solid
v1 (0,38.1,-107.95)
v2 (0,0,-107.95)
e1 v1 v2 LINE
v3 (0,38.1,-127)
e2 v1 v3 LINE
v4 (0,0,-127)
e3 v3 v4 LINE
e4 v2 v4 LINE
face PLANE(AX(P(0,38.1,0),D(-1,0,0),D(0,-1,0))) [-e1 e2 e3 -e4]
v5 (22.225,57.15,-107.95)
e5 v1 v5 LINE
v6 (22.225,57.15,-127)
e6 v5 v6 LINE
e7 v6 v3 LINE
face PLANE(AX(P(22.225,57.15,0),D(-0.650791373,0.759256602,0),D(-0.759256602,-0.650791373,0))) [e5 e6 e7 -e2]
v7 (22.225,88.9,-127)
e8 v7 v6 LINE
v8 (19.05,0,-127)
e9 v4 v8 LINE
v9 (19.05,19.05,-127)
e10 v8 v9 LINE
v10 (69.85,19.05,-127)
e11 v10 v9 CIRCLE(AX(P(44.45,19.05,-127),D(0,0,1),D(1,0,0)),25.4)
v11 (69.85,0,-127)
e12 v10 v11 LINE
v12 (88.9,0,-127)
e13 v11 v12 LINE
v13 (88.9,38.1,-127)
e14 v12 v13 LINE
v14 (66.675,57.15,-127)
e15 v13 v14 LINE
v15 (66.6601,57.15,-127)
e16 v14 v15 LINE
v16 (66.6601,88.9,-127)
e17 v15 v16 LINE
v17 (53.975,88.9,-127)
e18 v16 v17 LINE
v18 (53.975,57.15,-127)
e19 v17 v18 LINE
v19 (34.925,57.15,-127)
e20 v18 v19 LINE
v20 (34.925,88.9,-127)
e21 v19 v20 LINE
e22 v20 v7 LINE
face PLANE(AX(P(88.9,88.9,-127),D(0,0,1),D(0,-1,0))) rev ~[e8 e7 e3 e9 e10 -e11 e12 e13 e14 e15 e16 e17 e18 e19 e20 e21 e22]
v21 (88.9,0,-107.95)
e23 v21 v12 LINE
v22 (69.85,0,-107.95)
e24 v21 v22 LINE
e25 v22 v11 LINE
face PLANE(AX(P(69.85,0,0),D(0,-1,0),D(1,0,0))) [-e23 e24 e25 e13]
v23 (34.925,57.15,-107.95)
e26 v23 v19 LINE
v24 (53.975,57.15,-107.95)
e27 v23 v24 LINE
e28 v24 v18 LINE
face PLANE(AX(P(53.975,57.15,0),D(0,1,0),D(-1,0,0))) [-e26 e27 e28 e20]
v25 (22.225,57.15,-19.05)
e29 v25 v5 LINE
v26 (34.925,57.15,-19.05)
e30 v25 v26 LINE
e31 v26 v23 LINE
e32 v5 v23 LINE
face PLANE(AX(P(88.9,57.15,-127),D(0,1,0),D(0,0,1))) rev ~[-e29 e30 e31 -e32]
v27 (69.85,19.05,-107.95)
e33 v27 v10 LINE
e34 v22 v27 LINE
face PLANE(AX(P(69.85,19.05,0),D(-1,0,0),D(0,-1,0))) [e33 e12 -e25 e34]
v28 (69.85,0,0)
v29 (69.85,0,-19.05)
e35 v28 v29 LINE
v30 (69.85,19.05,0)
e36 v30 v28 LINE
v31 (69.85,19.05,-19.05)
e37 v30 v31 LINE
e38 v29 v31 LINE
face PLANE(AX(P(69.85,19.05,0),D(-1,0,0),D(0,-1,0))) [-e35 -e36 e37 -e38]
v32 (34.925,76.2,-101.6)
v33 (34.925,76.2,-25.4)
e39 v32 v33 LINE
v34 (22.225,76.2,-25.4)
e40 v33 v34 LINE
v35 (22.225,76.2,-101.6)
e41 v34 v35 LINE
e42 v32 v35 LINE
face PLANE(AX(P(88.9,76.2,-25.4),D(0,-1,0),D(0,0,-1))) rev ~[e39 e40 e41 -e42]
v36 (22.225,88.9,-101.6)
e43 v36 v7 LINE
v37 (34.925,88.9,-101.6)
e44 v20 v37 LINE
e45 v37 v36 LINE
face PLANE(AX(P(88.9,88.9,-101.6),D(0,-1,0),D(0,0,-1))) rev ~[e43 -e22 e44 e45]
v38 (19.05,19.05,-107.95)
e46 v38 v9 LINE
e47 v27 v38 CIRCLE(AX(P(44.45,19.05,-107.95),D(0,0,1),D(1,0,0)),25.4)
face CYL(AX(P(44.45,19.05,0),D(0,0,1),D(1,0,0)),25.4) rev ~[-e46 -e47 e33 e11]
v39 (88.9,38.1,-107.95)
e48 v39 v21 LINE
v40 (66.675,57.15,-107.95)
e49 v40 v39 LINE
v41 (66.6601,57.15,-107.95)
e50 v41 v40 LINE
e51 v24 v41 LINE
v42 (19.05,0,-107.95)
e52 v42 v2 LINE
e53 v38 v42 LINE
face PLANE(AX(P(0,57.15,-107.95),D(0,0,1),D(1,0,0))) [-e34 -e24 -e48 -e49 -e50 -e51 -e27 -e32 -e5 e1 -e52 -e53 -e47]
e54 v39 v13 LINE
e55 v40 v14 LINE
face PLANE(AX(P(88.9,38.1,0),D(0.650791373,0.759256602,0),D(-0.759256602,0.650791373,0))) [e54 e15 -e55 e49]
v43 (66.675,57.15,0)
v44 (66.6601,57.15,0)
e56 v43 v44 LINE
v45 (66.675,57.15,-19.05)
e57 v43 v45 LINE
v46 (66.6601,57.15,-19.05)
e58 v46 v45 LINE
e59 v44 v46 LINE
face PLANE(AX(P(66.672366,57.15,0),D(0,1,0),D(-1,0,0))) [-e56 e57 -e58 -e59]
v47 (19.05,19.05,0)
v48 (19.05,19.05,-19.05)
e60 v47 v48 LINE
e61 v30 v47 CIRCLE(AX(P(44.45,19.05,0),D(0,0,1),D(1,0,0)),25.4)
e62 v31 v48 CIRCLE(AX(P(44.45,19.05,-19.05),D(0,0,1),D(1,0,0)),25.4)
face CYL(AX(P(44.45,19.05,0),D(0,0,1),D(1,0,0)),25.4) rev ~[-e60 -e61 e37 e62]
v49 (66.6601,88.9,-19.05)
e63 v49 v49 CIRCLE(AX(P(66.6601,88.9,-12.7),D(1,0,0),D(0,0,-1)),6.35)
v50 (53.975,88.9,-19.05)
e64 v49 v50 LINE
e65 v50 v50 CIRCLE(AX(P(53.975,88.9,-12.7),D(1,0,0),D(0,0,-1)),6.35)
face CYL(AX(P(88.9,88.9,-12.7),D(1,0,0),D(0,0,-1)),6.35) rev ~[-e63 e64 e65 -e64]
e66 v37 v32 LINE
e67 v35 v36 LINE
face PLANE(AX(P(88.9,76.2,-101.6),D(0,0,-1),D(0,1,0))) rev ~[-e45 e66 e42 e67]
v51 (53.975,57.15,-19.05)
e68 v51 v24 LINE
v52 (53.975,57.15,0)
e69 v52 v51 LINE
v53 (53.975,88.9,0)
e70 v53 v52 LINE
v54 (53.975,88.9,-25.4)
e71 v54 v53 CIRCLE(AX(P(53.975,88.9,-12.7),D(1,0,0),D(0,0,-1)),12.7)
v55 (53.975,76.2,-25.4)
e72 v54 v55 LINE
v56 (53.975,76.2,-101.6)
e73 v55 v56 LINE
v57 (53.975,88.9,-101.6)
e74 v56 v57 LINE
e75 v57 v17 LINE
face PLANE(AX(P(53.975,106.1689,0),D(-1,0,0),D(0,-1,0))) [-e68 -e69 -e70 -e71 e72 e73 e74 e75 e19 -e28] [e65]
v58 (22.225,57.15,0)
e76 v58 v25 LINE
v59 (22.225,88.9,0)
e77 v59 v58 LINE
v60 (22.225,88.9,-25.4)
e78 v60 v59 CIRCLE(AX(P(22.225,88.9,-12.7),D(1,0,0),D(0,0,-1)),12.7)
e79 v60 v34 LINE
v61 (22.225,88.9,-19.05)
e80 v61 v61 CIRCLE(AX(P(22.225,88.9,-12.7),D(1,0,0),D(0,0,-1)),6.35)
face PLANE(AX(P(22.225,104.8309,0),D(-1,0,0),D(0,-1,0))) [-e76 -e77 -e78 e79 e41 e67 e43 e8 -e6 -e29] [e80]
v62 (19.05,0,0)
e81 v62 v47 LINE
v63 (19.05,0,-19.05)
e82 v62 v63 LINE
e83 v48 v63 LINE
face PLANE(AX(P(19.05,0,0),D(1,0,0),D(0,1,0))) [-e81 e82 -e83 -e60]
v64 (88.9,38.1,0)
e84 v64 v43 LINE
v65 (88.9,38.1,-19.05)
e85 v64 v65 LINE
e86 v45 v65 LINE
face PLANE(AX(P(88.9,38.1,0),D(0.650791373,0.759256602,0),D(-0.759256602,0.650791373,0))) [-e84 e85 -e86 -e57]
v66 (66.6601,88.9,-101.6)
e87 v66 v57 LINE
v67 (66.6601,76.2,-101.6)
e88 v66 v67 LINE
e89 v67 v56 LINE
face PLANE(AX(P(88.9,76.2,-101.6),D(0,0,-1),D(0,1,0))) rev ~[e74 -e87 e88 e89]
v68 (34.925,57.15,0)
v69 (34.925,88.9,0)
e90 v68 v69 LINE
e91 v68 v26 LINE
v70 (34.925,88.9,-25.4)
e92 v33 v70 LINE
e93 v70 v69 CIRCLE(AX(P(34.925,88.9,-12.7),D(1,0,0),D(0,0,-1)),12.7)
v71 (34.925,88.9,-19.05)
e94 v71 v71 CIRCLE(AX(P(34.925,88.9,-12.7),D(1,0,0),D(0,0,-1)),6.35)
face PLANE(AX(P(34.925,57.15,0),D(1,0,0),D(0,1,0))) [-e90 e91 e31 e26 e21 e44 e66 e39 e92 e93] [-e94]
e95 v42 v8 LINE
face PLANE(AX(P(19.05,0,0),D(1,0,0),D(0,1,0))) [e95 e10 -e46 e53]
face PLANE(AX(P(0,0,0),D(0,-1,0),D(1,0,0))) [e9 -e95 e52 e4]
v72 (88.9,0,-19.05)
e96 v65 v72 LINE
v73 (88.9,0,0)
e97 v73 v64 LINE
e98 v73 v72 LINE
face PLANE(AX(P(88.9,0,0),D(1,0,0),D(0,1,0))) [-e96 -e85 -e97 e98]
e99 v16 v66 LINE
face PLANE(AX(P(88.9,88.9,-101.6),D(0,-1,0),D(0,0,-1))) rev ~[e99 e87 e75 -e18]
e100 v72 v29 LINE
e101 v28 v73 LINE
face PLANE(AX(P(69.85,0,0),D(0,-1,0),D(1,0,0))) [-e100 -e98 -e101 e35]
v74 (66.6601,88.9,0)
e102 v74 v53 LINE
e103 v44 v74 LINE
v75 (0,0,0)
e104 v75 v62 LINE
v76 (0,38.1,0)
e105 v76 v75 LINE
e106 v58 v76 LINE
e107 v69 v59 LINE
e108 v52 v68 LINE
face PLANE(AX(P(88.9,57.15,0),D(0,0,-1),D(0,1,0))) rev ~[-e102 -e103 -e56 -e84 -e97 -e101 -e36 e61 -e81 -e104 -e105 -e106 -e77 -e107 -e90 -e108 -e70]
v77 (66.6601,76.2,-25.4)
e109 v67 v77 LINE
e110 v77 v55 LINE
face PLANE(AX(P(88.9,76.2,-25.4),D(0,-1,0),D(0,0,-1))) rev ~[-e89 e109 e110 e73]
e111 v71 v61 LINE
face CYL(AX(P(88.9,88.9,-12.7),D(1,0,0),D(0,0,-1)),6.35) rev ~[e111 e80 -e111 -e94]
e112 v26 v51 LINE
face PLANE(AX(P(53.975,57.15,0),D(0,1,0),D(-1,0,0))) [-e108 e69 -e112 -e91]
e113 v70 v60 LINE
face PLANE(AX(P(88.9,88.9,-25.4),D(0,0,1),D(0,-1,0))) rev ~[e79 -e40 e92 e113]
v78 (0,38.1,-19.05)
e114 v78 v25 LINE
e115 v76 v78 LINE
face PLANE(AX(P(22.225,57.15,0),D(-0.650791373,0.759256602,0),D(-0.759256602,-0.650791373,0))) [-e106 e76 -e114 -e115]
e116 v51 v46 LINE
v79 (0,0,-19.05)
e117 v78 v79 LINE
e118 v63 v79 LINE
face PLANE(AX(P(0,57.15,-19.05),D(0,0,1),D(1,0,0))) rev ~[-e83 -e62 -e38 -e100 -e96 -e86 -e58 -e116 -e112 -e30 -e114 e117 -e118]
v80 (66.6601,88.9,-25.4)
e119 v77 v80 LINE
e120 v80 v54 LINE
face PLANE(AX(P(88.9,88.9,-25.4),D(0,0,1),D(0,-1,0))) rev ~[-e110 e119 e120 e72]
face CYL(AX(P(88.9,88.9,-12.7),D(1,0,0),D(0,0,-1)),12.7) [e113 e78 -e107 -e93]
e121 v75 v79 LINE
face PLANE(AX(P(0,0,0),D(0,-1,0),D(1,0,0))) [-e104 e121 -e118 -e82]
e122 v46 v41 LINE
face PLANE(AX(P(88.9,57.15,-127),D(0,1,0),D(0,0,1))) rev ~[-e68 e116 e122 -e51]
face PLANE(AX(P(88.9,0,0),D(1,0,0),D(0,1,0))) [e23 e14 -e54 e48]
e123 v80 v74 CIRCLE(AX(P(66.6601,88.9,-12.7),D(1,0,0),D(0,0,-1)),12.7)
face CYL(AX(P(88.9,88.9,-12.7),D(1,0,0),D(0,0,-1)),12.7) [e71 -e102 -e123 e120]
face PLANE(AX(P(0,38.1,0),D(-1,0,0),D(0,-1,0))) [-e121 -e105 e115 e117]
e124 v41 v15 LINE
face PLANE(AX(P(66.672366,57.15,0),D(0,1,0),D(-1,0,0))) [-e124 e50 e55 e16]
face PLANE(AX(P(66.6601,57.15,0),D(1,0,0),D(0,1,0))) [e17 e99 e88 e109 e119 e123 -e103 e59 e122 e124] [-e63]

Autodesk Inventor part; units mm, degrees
ref_plane "YZ Plane" through (0, 0, 0) normal (1, 0, 0) x (0, 1, 0)
ref_plane "XZ Plane" through (0, 0, 0) normal (0, 1, 0) x (-1, 0, 0)
ref_plane "XY Plane" through (0, 0, 0) normal (0, 0, 1) x (1, 0, 0)
sketch "Sketch1" plane through (0, 0, 0) normal (0, 0, 1) x (1, 0, 0)
  line L0 (0, 0) -> (19.05, 0)
  line L1 (19.05, 0) -> (19.05, 19.05)
  line L2 (69.85, 19.05) -> (69.85, 0)
  line L3 (69.85, 0) -> (88.9, 0)
  line L4 (88.9, 0) -> (88.9, 38.1)
  line L5 (88.9, 38.1) -> (66.675, 57.15)
  line L6 (66.675, 57.15) -> (22.225, 57.15)
  line L7 (22.225, 57.15) -> (0, 38.1)
  line L8 (0, 38.1) -> (0, 0)
  arc A0 (69.85, 19.05) -> (19.05, 19.05) centre (44.45, 19.05) ccw
  dimension "d0" = 38.1
  dimension "d1" = 44.45
  dimension "d2" = 88.9
  dimension "d3" = 19.05
  dimension "d5" = 19.05
  dimension "d6" = 19.05
extrude "Extrusion1" add sketch "Sketch1" against normal blind 127
sketch "Sketch2" plane through (22.225, 57.15, 0) normal (0, 1, 0) x (1, 0, 0)
  line L0 (-22.225, 19.05) -> (68.7148, 19.05)
  line L1 (-22.225, 0) -> (-22.225, 127) projected
  line L2 (-22.225, 107.95) -> (68.7148, 107.95)
  line L3 (68.7148, 107.95) -> (68.7148, 19.05)
  line L4 (-22.225, 19.05) -> (-22.225, 107.95)
  line L5 (44.45, 0) -> (0, 0) projected
  line L6 (0, 127) -> (44.45, 127) projected
  dimension "d9" = 19.05
  dimension "d10" = 19.05
extrude "Extrusion2" cut sketch "Sketch2" against normal through all
sketch "Sketch3" plane through (88.9, 0, 0) normal (1, 0, 0) x (0, 0, -1)
  point P0 (0, 0)
sketch "Sketch4" plane through (88.9, 0, 0) normal (1, 0, 0) x (0, 0, -1)
  line L0 (0, 57.15) -> (0, 88.9)
  line L1 (25.4, 88.9) -> (25.4, 76.2)
  line L2 (25.4, 76.2) -> (101.6, 76.2)
  line L3 (101.6, 76.2) -> (101.6, 88.9)
  line L4 (101.6, 88.9) -> (127, 88.9)
  line L5 (127, 88.9) -> (127, 57.15)
  line L6 (127, 57.15) -> (0, 57.15)
  arc A0 (25.4, 88.9) -> (0, 88.9) centre (12.7, 88.9) ccw
  circle A1 centre (12.7, 88.9) radius 6.35
  point P0 (0, 0)
  dimension "d13" = 31.75
  dimension "d14" = 25.4
  dimension "d15" = 12.7
  dimension "d17" = 12.7
extrude "Extrusion3" add sketch "Sketch4" against normal blind 88.9
sketch "Sketch5" plane through (0, 0, 0) normal (0, 0, 1) x (1, 0, 0)
  line L0 (22.225, 104.8309) -> (22.225, 46.8186)
  line L1 (66.675, 46.8186) -> (66.6601, 105.2632)
  line L2 (0, 57.15) -> (0, 88.9) projected
  line L3 (22.225, 104.8309) -> (0, 104.8309)
  line L4 (0, 104.8309) -> (0, 57.15)
  line L5 (22.225, 57.15) -> (22.225, 104.8309)
  line L6 (66.6601, 105.2632) -> (88.8851, 105.2632)
  line L7 (88.8851, 105.2632) -> (88.8851, 57.15)
  line L8 (88.8851, 57.15) -> (66.675, 57.15)
  line L9 (0, 57.15) -> (22.225, 57.15)
  line L10 (22.225, 57.15) -> (0, 57.15) projected
  line L11 (88.9, 57.15) -> (66.675, 57.15) projected
  line L12 (66.6601, 105.2632) -> (88.9, 105.2632)
  line L13 (88.9, 105.2632) -> (88.9, 57.15)
  line L14 (88.9, 57.15) -> (66.6601, 57.15)
  line L15 (66.6601, 57.15) -> (66.6601, 105.2632)
  point P0 (0, 0)
  dimension "d20" = 22.225
  dimension "d21" = 44.45
extrude "Extrusion4" cut sketch "Sketch5" against normal through all
sketch "Sketch6" plane through (0, 0, 0) normal (0, 0, 1) x (1, 0, 0)
  line L0 (66.6601, 57.15) -> (22.225, 57.15) projected
  line L1 (34.925, 57.15) -> (34.925, 106.1689)
  line L2 (34.925, 106.1689) -> (53.975, 106.1689)
  line L3 (53.975, 106.1689) -> (53.975, 57.15)
  line L4 (22.225, 88.9) -> (22.225, 57.15) projected
  point P0 (0, 0)
  dimension "d24" = 19.05
  dimension "d25" = 12.7
extrude "Extrusion5" cut sketch "Sketch6" against normal through all
properties part number "HW 4 Part 4" material "Iron, Cast"
